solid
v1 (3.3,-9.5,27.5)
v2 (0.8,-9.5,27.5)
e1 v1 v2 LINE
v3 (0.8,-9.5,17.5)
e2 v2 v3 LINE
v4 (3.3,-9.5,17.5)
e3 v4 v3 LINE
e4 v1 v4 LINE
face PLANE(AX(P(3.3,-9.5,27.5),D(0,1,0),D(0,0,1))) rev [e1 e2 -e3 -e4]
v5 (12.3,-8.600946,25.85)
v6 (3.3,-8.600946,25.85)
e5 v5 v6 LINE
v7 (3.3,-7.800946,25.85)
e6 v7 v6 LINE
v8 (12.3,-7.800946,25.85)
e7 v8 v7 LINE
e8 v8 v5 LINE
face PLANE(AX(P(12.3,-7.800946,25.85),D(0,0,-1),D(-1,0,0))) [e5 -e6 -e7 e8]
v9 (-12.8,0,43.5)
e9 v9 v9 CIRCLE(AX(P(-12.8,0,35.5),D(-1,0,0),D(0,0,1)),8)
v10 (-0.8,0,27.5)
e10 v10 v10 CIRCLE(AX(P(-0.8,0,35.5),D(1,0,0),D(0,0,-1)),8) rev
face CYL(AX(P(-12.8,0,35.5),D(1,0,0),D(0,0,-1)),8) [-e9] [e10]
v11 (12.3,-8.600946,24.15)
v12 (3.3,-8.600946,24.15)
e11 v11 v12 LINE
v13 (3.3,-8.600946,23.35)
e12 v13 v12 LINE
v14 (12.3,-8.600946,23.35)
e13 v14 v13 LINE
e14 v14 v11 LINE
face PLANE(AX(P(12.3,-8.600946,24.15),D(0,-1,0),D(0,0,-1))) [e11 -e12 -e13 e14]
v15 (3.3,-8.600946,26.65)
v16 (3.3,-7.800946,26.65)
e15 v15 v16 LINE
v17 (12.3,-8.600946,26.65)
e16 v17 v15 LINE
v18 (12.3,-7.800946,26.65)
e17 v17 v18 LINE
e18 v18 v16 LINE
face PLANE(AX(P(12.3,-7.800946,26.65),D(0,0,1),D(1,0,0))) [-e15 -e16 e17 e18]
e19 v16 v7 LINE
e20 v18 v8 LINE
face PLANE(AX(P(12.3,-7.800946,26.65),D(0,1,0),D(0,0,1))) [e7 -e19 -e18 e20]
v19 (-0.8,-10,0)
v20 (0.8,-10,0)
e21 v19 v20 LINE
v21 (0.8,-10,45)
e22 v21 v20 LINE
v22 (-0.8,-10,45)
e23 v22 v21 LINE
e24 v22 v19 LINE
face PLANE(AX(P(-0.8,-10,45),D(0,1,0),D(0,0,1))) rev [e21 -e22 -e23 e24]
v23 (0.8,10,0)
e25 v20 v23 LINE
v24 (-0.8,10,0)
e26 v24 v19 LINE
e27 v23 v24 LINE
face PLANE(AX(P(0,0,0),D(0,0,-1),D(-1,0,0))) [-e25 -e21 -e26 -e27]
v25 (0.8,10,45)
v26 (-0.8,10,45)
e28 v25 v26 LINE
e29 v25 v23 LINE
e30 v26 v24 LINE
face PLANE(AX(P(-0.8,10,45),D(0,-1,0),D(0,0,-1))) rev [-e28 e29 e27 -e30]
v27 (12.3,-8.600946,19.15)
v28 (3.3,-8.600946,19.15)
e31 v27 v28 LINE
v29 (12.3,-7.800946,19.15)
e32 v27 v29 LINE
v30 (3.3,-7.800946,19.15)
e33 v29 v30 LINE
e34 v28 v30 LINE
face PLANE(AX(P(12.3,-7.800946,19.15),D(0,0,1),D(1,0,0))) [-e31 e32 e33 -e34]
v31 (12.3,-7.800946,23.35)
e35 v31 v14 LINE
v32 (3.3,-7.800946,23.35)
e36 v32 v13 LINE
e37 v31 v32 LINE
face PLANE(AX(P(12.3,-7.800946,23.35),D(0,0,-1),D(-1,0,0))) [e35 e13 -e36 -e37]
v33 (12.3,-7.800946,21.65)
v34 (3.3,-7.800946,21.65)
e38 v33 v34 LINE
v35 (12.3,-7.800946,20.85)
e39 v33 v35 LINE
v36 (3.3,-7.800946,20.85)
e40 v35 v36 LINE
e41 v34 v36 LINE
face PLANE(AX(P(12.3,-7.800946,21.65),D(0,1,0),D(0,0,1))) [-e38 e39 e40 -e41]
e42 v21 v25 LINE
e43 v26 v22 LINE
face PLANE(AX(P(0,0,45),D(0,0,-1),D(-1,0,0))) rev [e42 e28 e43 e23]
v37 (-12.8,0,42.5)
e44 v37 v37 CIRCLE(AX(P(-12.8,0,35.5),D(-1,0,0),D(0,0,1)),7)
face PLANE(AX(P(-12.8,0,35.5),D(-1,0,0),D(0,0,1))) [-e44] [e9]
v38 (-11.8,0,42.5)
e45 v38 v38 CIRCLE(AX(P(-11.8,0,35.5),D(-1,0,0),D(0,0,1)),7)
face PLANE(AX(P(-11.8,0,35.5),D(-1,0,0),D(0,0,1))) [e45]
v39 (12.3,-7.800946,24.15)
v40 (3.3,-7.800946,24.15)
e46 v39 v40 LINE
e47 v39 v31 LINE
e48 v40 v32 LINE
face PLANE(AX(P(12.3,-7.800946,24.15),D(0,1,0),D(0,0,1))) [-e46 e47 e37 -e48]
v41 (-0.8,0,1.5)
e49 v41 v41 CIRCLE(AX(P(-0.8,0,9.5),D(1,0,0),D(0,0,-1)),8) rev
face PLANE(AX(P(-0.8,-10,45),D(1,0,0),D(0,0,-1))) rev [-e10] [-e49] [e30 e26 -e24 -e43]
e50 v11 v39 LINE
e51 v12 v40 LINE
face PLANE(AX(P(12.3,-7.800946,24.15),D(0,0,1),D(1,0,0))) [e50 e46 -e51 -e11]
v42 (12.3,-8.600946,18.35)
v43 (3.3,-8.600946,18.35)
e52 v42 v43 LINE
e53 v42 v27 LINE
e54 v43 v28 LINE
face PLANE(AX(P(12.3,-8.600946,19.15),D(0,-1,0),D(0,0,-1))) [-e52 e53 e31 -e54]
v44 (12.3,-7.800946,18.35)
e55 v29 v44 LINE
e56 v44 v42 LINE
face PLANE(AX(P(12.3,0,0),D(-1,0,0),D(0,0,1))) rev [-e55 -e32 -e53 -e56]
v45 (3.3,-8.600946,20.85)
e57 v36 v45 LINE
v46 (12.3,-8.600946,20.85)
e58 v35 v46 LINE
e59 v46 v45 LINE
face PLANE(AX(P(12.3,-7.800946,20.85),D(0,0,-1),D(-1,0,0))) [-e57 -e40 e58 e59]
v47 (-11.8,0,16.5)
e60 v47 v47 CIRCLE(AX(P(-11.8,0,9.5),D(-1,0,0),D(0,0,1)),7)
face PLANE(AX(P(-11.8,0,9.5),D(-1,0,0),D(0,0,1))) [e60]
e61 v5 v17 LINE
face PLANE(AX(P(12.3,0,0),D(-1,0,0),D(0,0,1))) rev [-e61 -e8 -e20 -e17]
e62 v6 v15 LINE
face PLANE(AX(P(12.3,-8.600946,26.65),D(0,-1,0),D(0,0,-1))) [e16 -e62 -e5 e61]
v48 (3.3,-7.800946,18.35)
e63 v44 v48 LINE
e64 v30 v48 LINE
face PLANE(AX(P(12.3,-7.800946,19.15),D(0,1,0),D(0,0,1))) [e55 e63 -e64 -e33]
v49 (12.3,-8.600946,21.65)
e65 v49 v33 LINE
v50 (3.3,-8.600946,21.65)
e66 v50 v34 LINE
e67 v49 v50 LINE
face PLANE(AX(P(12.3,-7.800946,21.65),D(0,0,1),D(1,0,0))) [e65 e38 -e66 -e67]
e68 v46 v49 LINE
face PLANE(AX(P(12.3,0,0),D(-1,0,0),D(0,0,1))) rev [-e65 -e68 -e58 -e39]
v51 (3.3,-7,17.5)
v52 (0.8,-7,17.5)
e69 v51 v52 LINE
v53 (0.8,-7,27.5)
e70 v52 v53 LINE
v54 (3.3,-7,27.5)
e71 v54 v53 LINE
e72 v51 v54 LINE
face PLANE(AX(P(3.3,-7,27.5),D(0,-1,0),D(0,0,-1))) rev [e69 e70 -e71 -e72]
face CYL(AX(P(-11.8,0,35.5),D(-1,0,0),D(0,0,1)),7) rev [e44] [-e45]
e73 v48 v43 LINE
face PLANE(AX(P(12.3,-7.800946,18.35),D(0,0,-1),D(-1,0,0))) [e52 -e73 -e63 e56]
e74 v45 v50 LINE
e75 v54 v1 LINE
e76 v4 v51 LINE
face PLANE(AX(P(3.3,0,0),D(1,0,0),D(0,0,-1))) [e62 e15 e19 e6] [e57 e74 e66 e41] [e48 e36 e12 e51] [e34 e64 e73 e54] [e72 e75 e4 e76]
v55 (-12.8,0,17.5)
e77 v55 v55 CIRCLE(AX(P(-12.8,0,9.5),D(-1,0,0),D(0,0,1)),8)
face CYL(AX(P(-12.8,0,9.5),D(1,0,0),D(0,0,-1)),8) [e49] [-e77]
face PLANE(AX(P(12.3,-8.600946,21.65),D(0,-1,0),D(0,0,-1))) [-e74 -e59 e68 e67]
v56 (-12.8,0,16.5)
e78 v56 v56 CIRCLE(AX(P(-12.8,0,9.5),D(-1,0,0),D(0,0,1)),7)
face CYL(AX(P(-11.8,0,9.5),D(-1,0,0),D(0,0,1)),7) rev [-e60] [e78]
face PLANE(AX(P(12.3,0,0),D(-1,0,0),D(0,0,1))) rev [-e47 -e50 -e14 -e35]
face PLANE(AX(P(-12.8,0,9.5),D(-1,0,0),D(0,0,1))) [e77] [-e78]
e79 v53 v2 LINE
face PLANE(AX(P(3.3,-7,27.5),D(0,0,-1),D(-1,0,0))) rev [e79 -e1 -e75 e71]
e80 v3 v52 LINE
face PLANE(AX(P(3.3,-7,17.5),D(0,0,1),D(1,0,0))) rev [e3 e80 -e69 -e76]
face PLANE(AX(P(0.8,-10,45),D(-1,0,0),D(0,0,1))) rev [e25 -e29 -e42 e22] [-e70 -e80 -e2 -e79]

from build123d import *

# Parameters (mm, degrees)
SKETCH1_W           = 1.6
SKETCH1_H           = 20
BOSS_EXTRUDE1_DEPTH = 45
SKETCH2_W           = 10
SKETCH2_H           = 2.5
BOSS_EXTRUDE2_DEPTH = 2.5
SKETCH3_W           = 0.8
SKETCH3_H           = 0.8
BOSS_EXTRUDE3_DEPTH = 9
SKETCH4_R           = 8
BOSS_EXTRUDE4_DEPTH = 12
SKETCH5_R           = 7
CUT_EXTRUDE1_DEPTH  = 1


with BuildPart() as part:
    # Sketch1 → Boss-Extrude1 (new body)
    with BuildSketch(Plane.XY):
        Rectangle(SKETCH1_W, SKETCH1_H)
    extrude(amount=BOSS_EXTRUDE1_DEPTH)

    # Sketch2 → Boss-Extrude2 (add)
    with BuildSketch(Plane(origin=(0.8, 0, 0), x_dir=(0, 0, -1), z_dir=(1, 0, 0))):
        with Locations((-22.5, -8.25)):
            Rectangle(SKETCH2_W, SKETCH2_H)
    extrude(amount=BOSS_EXTRUDE2_DEPTH)

    # Sketch3 → Boss-Extrude3 (add)
    with BuildSketch(Plane(origin=(3.3, -6.2, 0), x_dir=(0, -1, 0), z_dir=(-1, 0, 0))):
        with Locations((2.000946282, 26.25)):
            Rectangle(SKETCH3_W, SKETCH3_H)
        with Locations((2.000946282, 23.75)):
            Rectangle(SKETCH3_W, SKETCH3_H)
        with Locations((2.000946282, 21.25)):
            Rectangle(SKETCH3_W, SKETCH3_H)
        with Locations((2.000946282, 18.75)):
            Rectangle(SKETCH3_W, SKETCH3_H)
    extrude(amount=-BOSS_EXTRUDE3_DEPTH)

    # Sketch4 → Boss-Extrude4 (add)
    with BuildSketch(Plane.ZY.offset(0.8)):
        with Locations(Location((9.5, 0, 0), (0, 0, 180))):
            Circle(SKETCH4_R)
        with Locations(Location((35.5, 0, 0), (0, 0, 180))):
            Circle(SKETCH4_R)
    extrude(amount=BOSS_EXTRUDE4_DEPTH)

    # Sketch5 → Cut-Extrude1 (cut)
    with BuildSketch(Plane.ZY.offset(12.8)):
        with Locations((35.5, 0)):
            Circle(SKETCH5_R)
        with Locations((9.5, 0)):
            Circle(SKETCH5_R)
    extrude(amount=-CUT_EXTRUDE1_DEPTH, mode=Mode.SUBTRACT)


solid = part.part
